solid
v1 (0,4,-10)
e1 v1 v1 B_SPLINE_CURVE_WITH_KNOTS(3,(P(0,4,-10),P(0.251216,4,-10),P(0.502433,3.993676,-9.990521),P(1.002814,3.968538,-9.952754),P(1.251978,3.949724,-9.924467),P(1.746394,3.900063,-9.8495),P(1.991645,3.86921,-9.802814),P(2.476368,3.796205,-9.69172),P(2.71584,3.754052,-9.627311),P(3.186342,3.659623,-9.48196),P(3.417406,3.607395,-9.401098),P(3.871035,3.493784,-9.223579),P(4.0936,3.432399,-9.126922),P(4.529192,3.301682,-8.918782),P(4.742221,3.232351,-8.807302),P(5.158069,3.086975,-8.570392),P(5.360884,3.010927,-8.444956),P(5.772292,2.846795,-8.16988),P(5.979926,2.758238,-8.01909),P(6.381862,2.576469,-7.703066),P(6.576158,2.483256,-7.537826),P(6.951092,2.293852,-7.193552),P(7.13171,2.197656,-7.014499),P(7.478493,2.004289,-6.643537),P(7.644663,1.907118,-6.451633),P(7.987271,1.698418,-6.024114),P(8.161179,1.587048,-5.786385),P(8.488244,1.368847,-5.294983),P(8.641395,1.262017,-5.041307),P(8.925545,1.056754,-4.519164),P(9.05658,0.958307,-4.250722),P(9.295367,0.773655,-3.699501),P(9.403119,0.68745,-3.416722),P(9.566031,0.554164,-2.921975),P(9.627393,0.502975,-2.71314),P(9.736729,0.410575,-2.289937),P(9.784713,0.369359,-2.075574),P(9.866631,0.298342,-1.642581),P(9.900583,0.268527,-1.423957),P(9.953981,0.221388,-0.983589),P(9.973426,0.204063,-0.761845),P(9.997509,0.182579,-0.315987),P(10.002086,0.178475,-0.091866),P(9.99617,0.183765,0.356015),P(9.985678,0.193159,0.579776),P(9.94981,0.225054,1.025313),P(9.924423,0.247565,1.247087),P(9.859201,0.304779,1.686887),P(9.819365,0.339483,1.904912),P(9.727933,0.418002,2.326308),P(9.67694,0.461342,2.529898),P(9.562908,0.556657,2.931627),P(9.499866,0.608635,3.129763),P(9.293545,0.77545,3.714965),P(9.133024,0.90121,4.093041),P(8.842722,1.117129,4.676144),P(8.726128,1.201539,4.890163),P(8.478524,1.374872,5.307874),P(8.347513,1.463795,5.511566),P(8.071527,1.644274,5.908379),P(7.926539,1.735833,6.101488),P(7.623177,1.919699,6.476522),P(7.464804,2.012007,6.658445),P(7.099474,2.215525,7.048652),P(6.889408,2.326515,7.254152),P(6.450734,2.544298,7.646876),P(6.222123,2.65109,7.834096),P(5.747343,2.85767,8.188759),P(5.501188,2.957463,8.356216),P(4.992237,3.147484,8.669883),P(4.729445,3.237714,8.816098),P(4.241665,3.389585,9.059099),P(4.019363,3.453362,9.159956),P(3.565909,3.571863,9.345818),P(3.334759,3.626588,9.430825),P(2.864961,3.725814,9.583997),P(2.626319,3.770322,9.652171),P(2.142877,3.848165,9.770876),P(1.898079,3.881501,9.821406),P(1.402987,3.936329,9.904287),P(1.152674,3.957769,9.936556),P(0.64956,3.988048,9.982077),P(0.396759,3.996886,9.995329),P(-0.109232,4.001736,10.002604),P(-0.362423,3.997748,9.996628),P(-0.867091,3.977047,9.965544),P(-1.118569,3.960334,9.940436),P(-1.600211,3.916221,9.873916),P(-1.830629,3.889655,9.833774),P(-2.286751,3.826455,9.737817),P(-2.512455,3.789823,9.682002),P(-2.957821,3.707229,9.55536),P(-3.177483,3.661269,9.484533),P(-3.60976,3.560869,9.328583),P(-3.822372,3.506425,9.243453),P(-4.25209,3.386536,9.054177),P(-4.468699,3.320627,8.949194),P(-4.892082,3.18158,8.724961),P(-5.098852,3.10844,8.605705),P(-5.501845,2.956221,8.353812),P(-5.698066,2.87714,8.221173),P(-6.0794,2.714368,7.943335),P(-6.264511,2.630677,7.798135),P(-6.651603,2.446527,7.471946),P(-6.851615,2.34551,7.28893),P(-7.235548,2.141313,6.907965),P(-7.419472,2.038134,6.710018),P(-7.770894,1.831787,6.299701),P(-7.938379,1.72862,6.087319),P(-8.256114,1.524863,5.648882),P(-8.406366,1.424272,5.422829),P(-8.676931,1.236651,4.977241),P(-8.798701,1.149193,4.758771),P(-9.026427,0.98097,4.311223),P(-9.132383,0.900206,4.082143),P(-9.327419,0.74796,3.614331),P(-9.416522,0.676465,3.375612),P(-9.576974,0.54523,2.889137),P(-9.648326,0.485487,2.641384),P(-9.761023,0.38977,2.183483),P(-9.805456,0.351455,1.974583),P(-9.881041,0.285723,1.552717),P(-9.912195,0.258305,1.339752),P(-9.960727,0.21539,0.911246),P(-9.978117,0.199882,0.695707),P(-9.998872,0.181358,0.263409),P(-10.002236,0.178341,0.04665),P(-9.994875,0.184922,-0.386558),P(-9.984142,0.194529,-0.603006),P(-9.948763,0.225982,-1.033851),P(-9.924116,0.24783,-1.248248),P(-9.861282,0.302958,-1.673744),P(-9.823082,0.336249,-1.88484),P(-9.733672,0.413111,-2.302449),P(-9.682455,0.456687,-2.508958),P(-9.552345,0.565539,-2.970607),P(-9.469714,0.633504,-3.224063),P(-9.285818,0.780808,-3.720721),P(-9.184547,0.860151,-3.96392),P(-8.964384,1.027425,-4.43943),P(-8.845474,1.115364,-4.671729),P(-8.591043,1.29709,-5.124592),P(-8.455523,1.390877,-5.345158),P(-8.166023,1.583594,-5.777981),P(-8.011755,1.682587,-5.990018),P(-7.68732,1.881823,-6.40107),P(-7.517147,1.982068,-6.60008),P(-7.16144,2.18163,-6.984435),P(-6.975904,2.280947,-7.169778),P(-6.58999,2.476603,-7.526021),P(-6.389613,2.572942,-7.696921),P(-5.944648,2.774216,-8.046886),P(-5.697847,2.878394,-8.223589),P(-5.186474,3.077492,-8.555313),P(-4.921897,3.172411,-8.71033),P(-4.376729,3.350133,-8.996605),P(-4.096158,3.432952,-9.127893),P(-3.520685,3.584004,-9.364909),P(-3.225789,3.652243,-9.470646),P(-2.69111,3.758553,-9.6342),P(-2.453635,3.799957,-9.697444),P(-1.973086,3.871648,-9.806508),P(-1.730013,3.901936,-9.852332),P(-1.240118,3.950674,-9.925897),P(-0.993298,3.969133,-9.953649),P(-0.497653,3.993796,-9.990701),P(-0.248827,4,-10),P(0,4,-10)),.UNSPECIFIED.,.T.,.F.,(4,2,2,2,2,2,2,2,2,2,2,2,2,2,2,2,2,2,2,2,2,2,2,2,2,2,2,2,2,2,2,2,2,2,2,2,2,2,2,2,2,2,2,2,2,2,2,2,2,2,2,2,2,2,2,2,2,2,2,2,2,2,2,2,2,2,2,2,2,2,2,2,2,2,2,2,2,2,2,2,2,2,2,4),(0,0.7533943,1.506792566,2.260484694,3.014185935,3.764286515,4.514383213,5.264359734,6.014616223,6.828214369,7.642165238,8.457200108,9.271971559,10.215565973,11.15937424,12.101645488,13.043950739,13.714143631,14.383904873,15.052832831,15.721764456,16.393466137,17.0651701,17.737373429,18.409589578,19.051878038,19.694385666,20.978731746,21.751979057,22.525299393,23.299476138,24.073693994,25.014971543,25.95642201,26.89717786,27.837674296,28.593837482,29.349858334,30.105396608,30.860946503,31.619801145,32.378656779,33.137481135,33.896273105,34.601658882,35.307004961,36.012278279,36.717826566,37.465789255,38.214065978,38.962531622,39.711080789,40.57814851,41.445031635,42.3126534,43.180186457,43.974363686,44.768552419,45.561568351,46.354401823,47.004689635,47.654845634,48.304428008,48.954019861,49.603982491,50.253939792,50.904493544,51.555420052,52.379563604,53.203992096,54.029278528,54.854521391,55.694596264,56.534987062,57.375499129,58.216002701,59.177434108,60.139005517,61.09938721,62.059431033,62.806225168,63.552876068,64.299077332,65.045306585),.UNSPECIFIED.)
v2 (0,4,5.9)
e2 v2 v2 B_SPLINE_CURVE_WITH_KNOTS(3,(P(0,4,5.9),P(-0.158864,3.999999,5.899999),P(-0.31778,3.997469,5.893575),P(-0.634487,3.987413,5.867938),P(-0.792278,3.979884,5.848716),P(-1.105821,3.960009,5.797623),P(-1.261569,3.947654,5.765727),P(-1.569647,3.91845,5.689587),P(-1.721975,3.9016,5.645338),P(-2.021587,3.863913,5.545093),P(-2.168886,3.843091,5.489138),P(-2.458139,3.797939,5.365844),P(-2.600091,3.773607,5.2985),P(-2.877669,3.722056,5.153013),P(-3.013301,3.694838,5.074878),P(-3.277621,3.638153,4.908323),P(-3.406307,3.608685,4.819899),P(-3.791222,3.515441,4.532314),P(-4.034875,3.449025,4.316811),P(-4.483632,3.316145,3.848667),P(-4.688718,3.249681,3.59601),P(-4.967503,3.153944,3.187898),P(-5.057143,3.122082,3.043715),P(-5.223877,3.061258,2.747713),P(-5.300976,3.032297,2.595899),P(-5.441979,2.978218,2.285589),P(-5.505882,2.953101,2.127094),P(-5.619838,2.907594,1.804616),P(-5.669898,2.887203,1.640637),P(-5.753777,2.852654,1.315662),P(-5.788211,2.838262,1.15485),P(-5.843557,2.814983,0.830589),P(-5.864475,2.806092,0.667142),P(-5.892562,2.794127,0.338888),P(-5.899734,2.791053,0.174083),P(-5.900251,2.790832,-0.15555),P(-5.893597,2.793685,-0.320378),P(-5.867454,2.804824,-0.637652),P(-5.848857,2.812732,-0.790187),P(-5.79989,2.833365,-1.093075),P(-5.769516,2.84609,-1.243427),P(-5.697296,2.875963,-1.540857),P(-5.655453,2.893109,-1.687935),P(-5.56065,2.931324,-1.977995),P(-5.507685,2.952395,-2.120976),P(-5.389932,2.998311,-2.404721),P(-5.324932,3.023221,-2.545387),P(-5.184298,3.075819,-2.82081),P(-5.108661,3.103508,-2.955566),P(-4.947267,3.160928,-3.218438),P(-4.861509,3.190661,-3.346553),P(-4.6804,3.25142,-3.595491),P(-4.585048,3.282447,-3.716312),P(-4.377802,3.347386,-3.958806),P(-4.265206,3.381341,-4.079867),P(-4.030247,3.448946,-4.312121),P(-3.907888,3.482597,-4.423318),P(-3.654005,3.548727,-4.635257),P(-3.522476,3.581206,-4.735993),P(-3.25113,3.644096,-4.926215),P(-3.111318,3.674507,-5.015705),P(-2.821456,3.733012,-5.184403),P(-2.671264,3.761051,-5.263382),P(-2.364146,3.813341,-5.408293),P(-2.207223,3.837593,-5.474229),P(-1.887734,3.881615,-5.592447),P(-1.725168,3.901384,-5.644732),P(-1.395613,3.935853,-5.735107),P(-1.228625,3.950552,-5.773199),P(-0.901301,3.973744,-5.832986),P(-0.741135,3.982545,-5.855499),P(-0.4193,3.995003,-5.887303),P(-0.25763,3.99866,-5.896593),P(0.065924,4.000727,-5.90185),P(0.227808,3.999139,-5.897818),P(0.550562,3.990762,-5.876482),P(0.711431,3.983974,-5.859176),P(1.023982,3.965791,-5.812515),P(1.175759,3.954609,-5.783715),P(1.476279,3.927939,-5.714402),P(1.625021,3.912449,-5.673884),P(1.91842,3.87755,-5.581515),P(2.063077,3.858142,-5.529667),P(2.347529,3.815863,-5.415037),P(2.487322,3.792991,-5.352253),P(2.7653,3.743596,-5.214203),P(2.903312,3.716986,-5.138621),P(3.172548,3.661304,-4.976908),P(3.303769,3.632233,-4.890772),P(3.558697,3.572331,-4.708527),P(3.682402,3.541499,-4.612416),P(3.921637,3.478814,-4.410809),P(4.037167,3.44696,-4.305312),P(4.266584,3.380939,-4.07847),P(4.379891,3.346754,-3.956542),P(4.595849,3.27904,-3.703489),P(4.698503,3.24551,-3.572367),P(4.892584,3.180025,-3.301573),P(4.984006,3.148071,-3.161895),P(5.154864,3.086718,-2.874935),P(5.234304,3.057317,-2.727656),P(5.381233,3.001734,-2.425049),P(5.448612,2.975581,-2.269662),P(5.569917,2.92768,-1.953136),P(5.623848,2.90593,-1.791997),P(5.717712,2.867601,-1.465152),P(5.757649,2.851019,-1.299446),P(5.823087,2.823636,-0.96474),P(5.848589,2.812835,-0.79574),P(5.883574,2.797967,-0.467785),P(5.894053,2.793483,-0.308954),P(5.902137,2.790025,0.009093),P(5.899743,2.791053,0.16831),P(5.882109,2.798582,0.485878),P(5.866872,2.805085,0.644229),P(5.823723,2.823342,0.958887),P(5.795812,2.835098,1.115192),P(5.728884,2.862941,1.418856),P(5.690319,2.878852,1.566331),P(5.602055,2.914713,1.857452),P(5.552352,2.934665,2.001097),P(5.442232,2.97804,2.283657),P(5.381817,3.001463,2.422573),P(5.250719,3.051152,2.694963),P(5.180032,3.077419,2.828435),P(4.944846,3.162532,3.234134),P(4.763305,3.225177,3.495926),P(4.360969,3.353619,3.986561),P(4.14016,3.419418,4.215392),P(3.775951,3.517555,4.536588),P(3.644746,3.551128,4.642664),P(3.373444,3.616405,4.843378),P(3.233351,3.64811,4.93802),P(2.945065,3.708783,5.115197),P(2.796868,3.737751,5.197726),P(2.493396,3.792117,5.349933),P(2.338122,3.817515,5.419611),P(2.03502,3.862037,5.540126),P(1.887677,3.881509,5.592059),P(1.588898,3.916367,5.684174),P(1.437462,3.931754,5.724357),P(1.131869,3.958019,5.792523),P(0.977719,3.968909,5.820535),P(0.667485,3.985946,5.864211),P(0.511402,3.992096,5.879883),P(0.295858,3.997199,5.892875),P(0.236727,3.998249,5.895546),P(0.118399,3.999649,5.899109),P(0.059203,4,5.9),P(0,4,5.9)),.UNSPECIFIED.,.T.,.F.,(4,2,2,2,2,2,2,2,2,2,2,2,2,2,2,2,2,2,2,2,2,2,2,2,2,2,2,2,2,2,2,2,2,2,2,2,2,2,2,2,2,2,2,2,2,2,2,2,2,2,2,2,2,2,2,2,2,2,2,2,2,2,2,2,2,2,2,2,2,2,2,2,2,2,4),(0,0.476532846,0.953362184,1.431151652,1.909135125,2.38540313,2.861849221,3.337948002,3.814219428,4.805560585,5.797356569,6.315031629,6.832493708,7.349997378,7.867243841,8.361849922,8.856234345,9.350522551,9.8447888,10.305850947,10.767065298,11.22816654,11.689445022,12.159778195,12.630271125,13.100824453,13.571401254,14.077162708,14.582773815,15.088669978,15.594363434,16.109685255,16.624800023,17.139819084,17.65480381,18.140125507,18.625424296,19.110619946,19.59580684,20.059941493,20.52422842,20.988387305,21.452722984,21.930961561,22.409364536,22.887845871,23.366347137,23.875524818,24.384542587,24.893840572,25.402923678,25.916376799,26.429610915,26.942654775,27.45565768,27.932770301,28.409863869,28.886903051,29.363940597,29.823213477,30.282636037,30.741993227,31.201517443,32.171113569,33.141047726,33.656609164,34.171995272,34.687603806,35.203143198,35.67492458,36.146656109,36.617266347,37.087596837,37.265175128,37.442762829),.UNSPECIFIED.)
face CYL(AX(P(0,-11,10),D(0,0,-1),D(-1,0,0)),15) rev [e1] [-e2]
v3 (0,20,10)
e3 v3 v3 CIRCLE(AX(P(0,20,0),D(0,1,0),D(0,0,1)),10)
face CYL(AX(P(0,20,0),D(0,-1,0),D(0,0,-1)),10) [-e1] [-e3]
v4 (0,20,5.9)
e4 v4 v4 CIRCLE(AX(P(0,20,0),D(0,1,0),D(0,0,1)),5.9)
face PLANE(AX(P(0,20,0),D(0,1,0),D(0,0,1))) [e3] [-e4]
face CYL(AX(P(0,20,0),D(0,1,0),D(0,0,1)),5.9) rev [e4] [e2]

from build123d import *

# Parameters (mm, degrees)
SKETCH1_R               = 10
BOSS_EXTRUDE1_DEPTH     = 20
CUT_EXTRUDE1_DEPTH      = 25.494897428
CUT_EXTRUDE1_DEPTH_BACK = 25.494897428
SKETCH2_R               = 15
G1_4_TAPPED_HOLE1_D     = 11.8


with BuildPart() as part:
    # Sketch1 → Boss-Extrude1 (new body)
    with BuildSketch(Plane(origin=(0, 0, 0), x_dir=(1, 0, 0), z_dir=(0, 1, 0))):
        with Locations(Location((0, 0, 0), (0, 0, 270))):
            Circle(SKETCH1_R)
    extrude(amount=BOSS_EXTRUDE1_DEPTH)

    # Sketch2 → Cut-Extrude1 (cut, two sides: drawn at the far end of the back side and taken through both)
    with BuildSketch(Plane.XY.offset(-CUT_EXTRUDE1_DEPTH_BACK)):
        with Locations((0, -11)):
            Circle(SKETCH2_R)
    extrude(amount=CUT_EXTRUDE1_DEPTH + CUT_EXTRUDE1_DEPTH_BACK, mode=Mode.SUBTRACT)

    # G1/4 Tapped Hole1 (through all)
    with Locations(Plane(origin=(0, 20, 0), x_dir=(1, 0, 0), z_dir=(0, 1, 0))):
        with Locations((0, 0)):
            Hole(G1_4_TAPPED_HOLE1_D / 2)


solid = part.part
